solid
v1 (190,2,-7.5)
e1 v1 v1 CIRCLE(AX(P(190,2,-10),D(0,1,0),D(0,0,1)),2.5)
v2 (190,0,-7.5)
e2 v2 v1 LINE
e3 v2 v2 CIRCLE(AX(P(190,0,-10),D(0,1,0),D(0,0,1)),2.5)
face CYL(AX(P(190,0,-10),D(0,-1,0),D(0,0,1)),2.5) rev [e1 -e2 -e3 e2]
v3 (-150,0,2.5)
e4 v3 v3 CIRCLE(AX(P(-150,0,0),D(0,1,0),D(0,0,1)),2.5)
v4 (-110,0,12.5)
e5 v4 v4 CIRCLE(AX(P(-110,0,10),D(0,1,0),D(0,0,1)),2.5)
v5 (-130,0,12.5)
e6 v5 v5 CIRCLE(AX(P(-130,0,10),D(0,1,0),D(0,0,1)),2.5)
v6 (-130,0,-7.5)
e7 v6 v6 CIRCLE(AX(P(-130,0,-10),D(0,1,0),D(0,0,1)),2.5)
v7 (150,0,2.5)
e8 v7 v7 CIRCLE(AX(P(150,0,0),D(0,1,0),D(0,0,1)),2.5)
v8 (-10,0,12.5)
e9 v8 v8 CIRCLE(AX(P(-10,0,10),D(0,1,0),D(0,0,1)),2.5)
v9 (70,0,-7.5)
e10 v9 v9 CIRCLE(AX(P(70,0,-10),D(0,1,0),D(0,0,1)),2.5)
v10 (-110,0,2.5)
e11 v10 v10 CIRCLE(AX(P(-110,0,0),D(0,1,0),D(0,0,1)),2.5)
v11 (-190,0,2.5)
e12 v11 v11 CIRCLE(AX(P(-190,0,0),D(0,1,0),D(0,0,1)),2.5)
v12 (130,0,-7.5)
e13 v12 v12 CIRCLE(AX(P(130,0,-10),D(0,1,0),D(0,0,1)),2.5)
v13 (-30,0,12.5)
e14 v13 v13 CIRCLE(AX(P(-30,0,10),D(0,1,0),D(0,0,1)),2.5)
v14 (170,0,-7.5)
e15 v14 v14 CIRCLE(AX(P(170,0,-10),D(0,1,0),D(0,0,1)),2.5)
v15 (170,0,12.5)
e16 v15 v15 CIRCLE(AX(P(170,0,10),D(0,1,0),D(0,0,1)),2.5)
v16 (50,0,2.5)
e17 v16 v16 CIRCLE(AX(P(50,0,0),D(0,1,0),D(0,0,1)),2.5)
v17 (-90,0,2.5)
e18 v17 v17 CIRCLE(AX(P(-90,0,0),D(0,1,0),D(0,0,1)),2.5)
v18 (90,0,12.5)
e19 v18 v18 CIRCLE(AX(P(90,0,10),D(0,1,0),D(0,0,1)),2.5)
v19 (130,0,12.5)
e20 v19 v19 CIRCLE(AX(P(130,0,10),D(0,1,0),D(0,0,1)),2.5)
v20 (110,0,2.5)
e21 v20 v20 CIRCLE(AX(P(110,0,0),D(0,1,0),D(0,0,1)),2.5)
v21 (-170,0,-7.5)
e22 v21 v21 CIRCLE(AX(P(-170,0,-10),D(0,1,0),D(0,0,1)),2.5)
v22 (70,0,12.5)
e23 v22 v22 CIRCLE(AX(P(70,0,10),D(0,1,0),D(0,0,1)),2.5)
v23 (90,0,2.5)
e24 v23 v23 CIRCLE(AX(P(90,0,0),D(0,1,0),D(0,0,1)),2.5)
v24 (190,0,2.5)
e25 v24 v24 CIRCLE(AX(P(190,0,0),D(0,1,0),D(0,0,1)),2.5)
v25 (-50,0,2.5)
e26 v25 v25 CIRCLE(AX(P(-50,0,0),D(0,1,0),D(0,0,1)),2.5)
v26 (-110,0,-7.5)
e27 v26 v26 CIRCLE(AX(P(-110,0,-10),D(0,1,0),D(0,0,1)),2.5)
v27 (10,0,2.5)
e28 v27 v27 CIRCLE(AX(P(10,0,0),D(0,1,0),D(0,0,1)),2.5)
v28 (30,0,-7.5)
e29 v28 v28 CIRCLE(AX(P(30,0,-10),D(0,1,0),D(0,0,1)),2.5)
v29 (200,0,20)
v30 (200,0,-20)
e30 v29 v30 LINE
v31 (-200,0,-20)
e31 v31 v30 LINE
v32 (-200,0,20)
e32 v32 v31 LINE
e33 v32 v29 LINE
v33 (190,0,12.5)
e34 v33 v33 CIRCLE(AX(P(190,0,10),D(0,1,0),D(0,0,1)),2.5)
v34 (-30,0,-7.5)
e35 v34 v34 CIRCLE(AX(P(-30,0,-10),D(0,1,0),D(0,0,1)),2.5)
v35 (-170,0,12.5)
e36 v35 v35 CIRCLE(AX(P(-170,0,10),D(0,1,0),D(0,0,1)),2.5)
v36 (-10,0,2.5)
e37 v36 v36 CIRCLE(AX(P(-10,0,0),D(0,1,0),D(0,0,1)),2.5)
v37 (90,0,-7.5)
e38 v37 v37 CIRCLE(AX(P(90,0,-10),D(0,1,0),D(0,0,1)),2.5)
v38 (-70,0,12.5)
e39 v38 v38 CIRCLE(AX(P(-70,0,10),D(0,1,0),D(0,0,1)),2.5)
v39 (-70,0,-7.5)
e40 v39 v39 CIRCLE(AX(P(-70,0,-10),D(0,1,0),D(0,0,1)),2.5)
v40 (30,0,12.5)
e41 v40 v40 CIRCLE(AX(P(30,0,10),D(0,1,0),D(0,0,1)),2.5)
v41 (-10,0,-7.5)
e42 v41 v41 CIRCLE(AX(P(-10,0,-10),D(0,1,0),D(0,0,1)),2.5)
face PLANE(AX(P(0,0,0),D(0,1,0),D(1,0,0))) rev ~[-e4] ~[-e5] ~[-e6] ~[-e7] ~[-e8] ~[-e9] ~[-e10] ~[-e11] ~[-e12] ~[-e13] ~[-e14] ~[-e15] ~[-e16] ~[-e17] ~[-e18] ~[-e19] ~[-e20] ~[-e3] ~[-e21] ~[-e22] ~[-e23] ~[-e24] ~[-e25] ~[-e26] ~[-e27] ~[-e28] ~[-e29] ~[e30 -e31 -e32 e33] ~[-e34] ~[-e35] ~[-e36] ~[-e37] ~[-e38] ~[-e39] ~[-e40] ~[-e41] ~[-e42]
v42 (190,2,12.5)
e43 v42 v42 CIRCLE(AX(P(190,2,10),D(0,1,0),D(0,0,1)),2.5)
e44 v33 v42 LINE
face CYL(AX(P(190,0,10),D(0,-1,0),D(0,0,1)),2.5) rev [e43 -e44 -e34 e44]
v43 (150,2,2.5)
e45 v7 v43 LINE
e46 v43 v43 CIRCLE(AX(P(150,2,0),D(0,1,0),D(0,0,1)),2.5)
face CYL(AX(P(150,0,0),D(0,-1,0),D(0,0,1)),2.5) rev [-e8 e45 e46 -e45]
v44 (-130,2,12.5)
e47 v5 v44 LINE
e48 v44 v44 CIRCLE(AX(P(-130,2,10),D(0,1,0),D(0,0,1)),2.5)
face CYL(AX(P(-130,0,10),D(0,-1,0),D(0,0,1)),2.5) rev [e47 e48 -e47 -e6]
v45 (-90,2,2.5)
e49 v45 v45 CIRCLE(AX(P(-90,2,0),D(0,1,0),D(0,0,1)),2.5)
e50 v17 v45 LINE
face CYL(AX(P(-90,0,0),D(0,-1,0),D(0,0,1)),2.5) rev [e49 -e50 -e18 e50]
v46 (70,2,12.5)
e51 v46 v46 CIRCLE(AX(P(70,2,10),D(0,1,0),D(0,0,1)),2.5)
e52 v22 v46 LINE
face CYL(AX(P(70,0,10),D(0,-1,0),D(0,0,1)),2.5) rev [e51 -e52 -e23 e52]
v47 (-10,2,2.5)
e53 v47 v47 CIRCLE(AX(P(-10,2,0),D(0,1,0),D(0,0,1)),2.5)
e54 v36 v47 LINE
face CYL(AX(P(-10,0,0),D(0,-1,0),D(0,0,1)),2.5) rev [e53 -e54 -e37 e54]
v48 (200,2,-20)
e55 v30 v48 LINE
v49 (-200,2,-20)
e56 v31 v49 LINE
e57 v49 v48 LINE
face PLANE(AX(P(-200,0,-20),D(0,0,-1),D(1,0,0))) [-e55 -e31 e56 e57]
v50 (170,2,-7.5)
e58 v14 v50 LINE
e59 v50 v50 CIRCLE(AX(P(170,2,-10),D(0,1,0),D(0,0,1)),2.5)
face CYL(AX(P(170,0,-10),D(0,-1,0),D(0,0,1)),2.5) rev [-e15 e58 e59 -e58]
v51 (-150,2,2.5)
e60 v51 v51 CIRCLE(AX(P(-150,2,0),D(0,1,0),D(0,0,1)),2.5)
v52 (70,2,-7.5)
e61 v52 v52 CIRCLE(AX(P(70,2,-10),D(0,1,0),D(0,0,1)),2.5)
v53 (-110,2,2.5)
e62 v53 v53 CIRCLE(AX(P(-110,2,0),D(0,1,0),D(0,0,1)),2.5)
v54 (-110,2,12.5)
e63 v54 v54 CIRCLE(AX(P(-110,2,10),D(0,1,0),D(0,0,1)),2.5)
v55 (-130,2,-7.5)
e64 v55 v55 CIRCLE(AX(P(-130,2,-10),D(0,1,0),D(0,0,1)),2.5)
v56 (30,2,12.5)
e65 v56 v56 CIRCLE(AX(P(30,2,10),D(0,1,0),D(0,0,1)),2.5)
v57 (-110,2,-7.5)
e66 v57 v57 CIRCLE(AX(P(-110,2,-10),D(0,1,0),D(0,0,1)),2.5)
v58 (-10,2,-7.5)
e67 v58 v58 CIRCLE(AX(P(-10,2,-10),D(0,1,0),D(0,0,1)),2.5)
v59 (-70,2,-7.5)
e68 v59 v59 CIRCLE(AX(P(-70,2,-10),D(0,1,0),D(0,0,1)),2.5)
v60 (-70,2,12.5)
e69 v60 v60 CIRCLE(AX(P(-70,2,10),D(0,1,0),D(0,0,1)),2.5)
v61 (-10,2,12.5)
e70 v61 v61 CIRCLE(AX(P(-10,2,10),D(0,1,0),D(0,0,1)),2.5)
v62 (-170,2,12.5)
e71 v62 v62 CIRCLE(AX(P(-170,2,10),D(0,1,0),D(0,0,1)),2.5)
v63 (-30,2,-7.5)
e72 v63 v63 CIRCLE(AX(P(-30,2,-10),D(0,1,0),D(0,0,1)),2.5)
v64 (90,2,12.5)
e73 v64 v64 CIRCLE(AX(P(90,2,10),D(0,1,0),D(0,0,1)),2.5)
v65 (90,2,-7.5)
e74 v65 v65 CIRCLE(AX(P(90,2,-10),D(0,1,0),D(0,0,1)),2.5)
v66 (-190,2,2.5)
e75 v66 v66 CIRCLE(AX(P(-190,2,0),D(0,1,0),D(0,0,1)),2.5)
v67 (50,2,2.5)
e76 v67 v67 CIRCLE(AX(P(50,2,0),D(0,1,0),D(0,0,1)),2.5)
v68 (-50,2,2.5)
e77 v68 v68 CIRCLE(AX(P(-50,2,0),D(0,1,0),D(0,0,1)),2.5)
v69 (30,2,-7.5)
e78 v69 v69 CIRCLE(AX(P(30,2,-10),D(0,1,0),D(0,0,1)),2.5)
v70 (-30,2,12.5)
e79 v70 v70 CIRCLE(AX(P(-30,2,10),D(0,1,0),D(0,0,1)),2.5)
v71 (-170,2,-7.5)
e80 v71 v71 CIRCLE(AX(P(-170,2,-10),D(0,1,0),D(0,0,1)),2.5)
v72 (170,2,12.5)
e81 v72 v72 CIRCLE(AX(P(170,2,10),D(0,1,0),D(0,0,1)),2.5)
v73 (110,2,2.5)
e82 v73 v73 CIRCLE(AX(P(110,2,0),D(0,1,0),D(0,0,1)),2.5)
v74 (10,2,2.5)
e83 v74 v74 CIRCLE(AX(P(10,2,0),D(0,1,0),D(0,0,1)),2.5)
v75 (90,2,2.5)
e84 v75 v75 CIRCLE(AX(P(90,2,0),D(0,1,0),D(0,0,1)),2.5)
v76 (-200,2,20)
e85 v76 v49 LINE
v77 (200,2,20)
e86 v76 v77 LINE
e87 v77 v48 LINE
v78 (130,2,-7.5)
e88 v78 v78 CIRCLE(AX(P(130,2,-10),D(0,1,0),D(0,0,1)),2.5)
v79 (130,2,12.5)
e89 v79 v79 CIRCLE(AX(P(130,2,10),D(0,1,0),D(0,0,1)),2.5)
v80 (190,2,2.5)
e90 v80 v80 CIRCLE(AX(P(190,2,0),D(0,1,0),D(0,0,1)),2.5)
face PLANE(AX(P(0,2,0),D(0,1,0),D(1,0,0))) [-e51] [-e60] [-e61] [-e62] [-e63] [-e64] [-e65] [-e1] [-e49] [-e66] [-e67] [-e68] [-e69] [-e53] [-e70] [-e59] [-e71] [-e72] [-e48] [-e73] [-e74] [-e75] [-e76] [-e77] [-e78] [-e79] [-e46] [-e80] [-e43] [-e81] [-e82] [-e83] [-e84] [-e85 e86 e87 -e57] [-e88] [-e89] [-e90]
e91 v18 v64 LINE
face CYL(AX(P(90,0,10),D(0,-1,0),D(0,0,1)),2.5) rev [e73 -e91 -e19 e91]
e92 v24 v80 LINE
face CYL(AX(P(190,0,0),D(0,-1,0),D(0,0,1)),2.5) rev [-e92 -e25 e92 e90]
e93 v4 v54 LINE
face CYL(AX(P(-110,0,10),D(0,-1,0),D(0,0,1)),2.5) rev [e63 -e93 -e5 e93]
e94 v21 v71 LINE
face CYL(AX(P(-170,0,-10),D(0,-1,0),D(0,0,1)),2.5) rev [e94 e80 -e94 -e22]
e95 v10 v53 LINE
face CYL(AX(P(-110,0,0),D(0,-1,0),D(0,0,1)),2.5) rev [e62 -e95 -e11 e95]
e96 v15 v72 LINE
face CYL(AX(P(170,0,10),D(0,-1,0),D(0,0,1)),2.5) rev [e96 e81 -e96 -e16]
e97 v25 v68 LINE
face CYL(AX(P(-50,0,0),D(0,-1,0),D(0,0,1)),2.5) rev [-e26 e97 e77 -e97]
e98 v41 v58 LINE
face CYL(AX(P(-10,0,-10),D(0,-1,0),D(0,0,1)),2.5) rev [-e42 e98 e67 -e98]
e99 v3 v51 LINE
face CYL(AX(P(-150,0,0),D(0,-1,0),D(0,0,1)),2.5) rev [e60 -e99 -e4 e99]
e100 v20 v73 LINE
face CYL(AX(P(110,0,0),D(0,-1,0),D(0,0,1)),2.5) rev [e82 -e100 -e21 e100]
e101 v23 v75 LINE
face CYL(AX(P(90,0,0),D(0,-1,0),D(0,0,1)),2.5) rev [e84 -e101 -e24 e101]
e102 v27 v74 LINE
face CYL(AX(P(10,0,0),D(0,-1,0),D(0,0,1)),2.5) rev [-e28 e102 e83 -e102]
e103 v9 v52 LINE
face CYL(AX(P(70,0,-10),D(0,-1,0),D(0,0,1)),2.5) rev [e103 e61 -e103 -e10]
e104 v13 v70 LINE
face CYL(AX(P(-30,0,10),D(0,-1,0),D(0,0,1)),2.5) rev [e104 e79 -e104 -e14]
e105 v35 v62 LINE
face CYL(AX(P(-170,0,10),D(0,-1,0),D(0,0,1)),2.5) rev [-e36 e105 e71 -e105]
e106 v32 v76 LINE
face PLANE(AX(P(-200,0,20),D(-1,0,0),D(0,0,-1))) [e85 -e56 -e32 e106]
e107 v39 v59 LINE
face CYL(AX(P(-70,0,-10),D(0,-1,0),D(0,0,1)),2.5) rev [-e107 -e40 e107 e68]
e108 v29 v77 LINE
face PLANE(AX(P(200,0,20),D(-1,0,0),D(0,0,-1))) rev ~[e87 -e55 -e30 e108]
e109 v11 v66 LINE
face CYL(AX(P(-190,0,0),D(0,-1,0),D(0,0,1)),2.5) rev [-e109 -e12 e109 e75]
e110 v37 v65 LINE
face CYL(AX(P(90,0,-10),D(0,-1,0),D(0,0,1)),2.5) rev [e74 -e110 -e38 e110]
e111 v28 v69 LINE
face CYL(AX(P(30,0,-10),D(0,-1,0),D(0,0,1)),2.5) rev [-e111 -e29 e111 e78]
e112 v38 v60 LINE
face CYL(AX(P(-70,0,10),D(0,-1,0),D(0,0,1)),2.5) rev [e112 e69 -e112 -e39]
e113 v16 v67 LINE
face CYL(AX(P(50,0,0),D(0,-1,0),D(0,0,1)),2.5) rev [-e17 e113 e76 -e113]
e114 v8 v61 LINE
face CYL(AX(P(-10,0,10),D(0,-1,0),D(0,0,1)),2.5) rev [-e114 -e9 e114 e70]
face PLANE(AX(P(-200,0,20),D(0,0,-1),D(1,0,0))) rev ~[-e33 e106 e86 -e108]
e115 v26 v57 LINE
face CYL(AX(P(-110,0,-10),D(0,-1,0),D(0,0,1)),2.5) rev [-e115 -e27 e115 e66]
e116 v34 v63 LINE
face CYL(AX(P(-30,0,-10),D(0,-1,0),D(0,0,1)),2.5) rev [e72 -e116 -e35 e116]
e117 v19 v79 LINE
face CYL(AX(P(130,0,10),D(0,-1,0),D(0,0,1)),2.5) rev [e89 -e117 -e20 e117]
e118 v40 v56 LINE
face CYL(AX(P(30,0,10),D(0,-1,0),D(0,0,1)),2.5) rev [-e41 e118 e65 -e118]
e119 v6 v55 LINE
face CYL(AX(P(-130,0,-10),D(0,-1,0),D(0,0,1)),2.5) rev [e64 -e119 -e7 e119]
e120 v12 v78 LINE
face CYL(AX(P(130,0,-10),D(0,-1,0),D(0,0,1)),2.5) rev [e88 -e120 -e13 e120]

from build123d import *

# Parameters (mm, degrees)
SKETCH_1_W      = 400
SKETCH_1_H      = 40
SKETCH_1_R      = 2.5
EXTRUDE_1_DEPTH = 2


with BuildPart() as part:
    # Эскиз1 → Бобышка-Вытянуть1 (new body)
    with BuildSketch(Plane(origin=(0, 0, 0), x_dir=(1, 0, 0), z_dir=(0, 1, 0))):
        Rectangle(SKETCH_1_W, SKETCH_1_H)
        with Locations(Location((-190, 0, 0), (0, 0, 270))):
            Circle(SKETCH_1_R, mode=Mode.SUBTRACT)
        with Locations(Location((-170, 10, 0), (0, 0, 270))):
            Circle(SKETCH_1_R, mode=Mode.SUBTRACT)
        with Locations(Location((-170, -10, 0), (0, 0, 270))):
            Circle(SKETCH_1_R, mode=Mode.SUBTRACT)
        with Locations(Location((-150, 0, 0), (0, 0, 270))):
            Circle(SKETCH_1_R, mode=Mode.SUBTRACT)
        with Locations(Location((-130, 10, 0), (0, 0, 270))):
            Circle(SKETCH_1_R, mode=Mode.SUBTRACT)
        with Locations(Location((-130, -10, 0), (0, 0, 270))):
            Circle(SKETCH_1_R, mode=Mode.SUBTRACT)
        with Locations(Location((-110, 10, 0), (0, 0, 270))):
            Circle(SKETCH_1_R, mode=Mode.SUBTRACT)
        with Locations(Location((-110, 0, 0), (0, 0, 270))):
            Circle(SKETCH_1_R, mode=Mode.SUBTRACT)
        with Locations(Location((-110, -10, 0), (0, 0, 270))):
            Circle(SKETCH_1_R, mode=Mode.SUBTRACT)
        with Locations(Location((-90, 0, 0), (0, 0, 270))):
            Circle(SKETCH_1_R, mode=Mode.SUBTRACT)
        with Locations(Location((-70, 10, 0), (0, 0, 270))):
            Circle(SKETCH_1_R, mode=Mode.SUBTRACT)
        with Locations(Location((-70, -10, 0), (0, 0, 270))):
            Circle(SKETCH_1_R, mode=Mode.SUBTRACT)
        with Locations(Location((-50, 0, 0), (0, 0, 270))):
            Circle(SKETCH_1_R, mode=Mode.SUBTRACT)
        with Locations(Location((-30, 10, 0), (0, 0, 270))):
            Circle(SKETCH_1_R, mode=Mode.SUBTRACT)
        with Locations(Location((-30, -10, 0), (0, 0, 270))):
            Circle(SKETCH_1_R, mode=Mode.SUBTRACT)
        with Locations(Location((-10, -10, 0), (0, 0, 270))):
            Circle(SKETCH_1_R, mode=Mode.SUBTRACT)
        with Locations(Location((-10, 0, 0), (0, 0, 270))):
            Circle(SKETCH_1_R, mode=Mode.SUBTRACT)
        with Locations(Location((-10, 10, 0), (0, 0, 270))):
            Circle(SKETCH_1_R, mode=Mode.SUBTRACT)
        with Locations(Location((10, 0, 0), (0, 0, 270))):
            Circle(SKETCH_1_R, mode=Mode.SUBTRACT)
        with Locations(Location((30, 10, 0), (0, 0, 270))):
            Circle(SKETCH_1_R, mode=Mode.SUBTRACT)
        with Locations(Location((30, -10, 0), (0, 0, 270))):
            Circle(SKETCH_1_R, mode=Mode.SUBTRACT)
        with Locations(Location((50, 0, 0), (0, 0, 270))):
            Circle(SKETCH_1_R, mode=Mode.SUBTRACT)
        with Locations(Location((70, 10, 0), (0, 0, 270))):
            Circle(SKETCH_1_R, mode=Mode.SUBTRACT)
        with Locations(Location((70, -10, 0), (0, 0, 270))):
            Circle(SKETCH_1_R, mode=Mode.SUBTRACT)
        with Locations(Location((90, -10, 0), (0, 0, 270))):
            Circle(SKETCH_1_R, mode=Mode.SUBTRACT)
        with Locations(Location((90, 0, 0), (0, 0, 270))):
            Circle(SKETCH_1_R, mode=Mode.SUBTRACT)
        with Locations(Location((90, 10, 0), (0, 0, 270))):
            Circle(SKETCH_1_R, mode=Mode.SUBTRACT)
        with Locations(Location((110, 0, 0), (0, 0, 270))):
            Circle(SKETCH_1_R, mode=Mode.SUBTRACT)
        with Locations(Location((130, 10, 0), (0, 0, 270))):
            Circle(SKETCH_1_R, mode=Mode.SUBTRACT)
        with Locations(Location((130, -10, 0), (0, 0, 270))):
            Circle(SKETCH_1_R, mode=Mode.SUBTRACT)
        with Locations(Location((150, 0, 0), (0, 0, 270))):
            Circle(SKETCH_1_R, mode=Mode.SUBTRACT)
        with Locations(Location((170, 10, 0), (0, 0, 270))):
            Circle(SKETCH_1_R, mode=Mode.SUBTRACT)
        with Locations(Location((170, -10, 0), (0, 0, 270))):
            Circle(SKETCH_1_R, mode=Mode.SUBTRACT)
        with Locations(Location((190, -10, 0), (0, 0, 270))):
            Circle(SKETCH_1_R, mode=Mode.SUBTRACT)
        with Locations(Location((190, 0, 0), (0, 0, 270))):
            Circle(SKETCH_1_R, mode=Mode.SUBTRACT)
        with Locations(Location((190, 10, 0), (0, 0, 270))):
            Circle(SKETCH_1_R, mode=Mode.SUBTRACT)
    extrude(amount=EXTRUDE_1_DEPTH)


solid = part.part
